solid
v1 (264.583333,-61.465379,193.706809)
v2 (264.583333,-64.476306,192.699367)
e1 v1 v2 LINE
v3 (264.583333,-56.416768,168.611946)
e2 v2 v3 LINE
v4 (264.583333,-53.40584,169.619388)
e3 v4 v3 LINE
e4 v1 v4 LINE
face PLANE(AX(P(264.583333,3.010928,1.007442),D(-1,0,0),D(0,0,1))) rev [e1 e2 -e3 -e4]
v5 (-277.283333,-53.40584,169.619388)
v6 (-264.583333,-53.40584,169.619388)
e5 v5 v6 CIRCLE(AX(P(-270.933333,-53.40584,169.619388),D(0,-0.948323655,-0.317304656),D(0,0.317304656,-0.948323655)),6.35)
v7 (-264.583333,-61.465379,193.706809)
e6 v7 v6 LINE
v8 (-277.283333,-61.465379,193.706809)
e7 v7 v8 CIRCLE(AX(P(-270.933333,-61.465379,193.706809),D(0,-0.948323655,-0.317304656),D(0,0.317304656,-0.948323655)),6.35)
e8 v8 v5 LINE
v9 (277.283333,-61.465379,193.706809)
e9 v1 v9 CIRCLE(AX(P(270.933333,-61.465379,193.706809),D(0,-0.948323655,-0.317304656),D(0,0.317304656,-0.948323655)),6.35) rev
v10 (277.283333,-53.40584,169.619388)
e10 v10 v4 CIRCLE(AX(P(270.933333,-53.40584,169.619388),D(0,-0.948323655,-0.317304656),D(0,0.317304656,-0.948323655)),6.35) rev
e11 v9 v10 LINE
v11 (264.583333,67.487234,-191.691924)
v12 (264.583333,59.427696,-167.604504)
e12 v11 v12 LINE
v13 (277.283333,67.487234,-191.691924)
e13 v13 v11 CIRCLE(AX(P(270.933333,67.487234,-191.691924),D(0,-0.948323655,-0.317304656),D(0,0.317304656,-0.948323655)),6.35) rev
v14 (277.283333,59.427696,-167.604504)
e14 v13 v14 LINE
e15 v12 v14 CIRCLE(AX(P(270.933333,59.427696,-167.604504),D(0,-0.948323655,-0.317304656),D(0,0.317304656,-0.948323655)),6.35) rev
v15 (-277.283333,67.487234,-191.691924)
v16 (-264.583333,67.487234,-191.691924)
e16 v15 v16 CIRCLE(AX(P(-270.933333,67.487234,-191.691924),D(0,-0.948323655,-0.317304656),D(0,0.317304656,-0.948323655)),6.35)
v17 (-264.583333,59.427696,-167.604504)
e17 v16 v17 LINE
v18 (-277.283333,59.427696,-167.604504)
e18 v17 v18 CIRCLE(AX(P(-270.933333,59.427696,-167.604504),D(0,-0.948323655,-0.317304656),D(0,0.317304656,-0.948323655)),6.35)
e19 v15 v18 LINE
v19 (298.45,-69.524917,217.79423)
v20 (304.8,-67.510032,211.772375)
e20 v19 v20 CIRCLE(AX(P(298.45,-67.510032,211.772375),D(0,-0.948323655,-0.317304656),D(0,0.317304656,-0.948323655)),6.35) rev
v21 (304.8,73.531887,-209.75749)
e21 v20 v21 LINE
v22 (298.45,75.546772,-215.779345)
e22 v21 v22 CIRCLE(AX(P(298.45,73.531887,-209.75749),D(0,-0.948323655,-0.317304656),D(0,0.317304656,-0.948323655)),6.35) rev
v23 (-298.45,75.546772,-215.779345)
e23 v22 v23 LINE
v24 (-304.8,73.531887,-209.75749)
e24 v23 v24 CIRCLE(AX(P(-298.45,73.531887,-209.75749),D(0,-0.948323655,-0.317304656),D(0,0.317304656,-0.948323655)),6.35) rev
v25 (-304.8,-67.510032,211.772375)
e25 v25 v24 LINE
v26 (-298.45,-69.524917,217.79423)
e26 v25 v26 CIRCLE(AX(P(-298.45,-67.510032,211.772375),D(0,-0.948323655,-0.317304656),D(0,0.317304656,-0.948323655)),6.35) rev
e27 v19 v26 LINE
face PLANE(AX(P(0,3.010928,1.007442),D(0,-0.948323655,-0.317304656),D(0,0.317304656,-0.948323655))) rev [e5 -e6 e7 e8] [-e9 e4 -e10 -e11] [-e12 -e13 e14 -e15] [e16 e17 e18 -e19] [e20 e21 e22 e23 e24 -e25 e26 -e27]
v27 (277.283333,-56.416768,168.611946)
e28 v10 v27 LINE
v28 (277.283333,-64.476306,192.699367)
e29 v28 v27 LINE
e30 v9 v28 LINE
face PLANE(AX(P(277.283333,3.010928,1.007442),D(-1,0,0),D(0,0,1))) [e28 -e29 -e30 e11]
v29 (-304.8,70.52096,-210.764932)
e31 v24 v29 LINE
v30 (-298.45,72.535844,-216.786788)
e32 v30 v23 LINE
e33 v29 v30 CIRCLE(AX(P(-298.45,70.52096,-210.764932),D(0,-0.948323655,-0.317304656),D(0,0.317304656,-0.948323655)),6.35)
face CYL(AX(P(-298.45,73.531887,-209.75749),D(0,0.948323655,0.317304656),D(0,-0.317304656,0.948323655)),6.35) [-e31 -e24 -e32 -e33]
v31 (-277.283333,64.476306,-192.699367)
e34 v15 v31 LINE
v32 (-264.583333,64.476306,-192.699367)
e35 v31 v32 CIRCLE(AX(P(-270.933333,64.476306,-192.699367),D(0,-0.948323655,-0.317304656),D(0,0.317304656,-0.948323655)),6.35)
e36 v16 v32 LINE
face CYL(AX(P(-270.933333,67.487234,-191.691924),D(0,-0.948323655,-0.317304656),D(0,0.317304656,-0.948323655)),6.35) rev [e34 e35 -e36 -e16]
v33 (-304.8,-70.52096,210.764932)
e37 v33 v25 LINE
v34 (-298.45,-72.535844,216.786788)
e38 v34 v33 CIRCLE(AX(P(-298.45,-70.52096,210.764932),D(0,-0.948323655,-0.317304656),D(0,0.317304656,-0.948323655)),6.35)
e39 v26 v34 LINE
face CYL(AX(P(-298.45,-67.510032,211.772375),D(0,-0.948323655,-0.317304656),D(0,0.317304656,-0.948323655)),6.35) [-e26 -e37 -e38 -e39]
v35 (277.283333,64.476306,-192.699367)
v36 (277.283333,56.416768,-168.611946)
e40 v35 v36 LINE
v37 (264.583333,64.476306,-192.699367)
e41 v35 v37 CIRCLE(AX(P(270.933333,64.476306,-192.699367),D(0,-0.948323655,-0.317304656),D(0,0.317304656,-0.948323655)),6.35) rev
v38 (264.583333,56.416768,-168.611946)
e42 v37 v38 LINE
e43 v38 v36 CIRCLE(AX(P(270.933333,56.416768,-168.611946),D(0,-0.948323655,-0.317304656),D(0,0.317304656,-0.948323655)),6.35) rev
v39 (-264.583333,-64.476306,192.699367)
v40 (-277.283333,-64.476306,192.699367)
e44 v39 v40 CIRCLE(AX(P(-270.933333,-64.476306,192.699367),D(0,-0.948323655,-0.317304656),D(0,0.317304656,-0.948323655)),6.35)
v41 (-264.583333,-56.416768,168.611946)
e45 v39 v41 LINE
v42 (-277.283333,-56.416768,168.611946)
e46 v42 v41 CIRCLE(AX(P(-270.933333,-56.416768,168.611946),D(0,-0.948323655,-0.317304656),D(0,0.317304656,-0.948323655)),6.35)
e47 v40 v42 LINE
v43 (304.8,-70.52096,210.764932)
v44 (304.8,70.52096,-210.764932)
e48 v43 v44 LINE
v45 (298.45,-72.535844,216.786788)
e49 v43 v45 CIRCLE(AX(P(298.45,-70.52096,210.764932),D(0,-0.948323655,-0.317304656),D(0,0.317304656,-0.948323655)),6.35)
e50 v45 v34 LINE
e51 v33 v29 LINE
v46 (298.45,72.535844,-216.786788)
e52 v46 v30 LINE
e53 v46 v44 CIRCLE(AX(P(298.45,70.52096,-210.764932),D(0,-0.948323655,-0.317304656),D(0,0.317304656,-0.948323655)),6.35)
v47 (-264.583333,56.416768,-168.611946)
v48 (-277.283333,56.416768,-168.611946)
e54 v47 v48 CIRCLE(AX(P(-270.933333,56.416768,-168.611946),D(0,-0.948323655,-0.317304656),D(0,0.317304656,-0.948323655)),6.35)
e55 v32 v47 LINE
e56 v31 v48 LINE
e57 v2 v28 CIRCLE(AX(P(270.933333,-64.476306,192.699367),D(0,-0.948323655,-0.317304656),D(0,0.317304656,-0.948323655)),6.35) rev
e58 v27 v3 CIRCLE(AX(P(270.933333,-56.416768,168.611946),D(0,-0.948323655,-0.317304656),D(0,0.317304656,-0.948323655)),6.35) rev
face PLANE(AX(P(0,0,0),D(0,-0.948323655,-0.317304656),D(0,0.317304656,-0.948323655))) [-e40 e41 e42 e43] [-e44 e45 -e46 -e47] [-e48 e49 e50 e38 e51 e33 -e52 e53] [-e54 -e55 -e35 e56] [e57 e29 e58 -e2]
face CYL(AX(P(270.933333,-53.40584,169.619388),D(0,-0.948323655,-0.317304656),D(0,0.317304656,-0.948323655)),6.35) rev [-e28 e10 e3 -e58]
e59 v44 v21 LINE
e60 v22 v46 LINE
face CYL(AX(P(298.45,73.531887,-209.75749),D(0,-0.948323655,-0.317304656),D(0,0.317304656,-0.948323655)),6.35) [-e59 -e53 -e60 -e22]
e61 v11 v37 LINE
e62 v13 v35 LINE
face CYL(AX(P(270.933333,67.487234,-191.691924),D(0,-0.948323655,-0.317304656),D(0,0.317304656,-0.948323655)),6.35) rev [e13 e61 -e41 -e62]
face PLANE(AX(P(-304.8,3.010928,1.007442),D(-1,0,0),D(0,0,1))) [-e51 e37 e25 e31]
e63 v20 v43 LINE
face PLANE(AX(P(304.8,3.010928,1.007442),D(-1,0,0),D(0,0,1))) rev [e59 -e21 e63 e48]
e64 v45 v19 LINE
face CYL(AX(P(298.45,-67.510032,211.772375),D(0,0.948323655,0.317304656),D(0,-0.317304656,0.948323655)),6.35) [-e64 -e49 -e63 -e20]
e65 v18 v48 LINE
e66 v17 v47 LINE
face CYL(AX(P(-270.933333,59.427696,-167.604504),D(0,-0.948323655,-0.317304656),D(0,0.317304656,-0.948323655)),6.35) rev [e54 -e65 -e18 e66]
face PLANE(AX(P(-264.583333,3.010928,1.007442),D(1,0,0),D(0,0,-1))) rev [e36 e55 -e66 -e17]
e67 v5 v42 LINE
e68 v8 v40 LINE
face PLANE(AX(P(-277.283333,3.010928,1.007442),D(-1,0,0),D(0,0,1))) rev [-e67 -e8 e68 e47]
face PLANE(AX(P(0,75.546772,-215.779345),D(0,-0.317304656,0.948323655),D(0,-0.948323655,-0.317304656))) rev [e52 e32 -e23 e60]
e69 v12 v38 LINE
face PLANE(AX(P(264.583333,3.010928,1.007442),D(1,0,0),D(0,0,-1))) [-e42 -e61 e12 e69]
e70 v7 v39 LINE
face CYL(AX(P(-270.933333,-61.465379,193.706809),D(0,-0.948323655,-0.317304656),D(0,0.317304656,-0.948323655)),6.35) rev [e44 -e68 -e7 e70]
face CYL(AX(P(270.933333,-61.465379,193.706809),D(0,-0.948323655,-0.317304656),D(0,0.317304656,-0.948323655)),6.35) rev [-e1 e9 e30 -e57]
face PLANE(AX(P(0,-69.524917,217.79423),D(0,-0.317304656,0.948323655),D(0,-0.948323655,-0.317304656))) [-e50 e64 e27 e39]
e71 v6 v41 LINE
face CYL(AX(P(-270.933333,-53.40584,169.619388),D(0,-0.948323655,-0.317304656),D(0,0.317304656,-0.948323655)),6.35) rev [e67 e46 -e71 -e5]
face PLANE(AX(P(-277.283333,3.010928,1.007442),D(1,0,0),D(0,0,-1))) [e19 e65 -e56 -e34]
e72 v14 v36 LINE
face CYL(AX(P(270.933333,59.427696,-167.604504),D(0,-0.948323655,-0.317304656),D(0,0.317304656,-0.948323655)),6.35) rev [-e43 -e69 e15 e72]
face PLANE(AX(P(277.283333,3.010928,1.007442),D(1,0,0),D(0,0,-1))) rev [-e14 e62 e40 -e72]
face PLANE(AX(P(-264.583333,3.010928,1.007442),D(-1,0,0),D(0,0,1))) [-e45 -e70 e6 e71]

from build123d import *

# Parameters (mm, degrees)
SKETCH3_W           = 457.2
SKETCH3_H           = 609.6
BOSS_EXTRUDE1_DEPTH = 3.175
FILLET1_R           = 6.35


with BuildPart() as part:
    # Sketch3 → Boss-Extrude1 (new body)
    with BuildSketch(Plane(origin=(0, 0, 0), x_dir=(0, 0.3173046564050865, -0.9483236552062013), z_dir=(0, -0.9483236552062012, -0.3173046564050864))):
        Rectangle(SKETCH3_W, SKETCH3_H)
        with BuildLine():
            Line((203.2, -277.283333333), (177.8, -277.283333333))
            ThreePointArc((177.8, -277.283333333), (171.45, -270.933333333), (177.8, -264.583333333))
            Line((177.8, -264.583333333), (203.2, -264.583333333))
            ThreePointArc((203.2, -264.583333333), (209.55, -270.933333333), (203.2, -277.283333333))
        make_face(mode=Mode.SUBTRACT)
        with BuildLine():
            Line((-203.2, -264.583333333), (-177.8, -264.583333333))
            ThreePointArc((-177.8, -264.583333333), (-171.45, -270.933333333), (-177.8, -277.283333333))
            Line((-177.8, -277.283333333), (-203.2, -277.283333333))
            ThreePointArc((-203.2, -277.283333333), (-209.55, -270.933333333), (-203.2, -264.583333333))
        make_face(mode=Mode.SUBTRACT)
        with BuildLine():
            Line((203.2, 277.283333333), (177.8, 277.283333333))
            ThreePointArc((177.8, 277.283333333), (171.45, 270.933333333), (177.8, 264.583333333))
            Line((177.8, 264.583333333), (203.2, 264.583333333))
            ThreePointArc((203.2, 264.583333333), (209.55, 270.933333333), (203.2, 277.283333333))
        make_face(mode=Mode.SUBTRACT)
        with BuildLine():
            Line((-203.2, 264.583333333), (-177.8, 264.583333333))
            ThreePointArc((-177.8, 264.583333333), (-171.45, 270.933333333), (-177.8, 277.283333333))
            Line((-177.8, 277.283333333), (-203.2, 277.283333333))
            ThreePointArc((-203.2, 277.283333333), (-209.55, 270.933333333), (-203.2, 264.583333333))
        make_face(mode=Mode.SUBTRACT)
    extrude(amount=-BOSS_EXTRUDE1_DEPTH)

    # Fillet1
    fillet1_edges = [part.edges().sort_by_distance(p)[0] for p in [
        (-304.8, 74.041308257, -216.283066438),
        (-304.8, -71.030380652, 217.290508722),
        (304.8, -71.030380652, 217.290508722),
        (304.8, 74.041308257, -216.283066438),
    ]]
    fillet(fillet1_edges, radius=FILLET1_R)


solid = part.part
